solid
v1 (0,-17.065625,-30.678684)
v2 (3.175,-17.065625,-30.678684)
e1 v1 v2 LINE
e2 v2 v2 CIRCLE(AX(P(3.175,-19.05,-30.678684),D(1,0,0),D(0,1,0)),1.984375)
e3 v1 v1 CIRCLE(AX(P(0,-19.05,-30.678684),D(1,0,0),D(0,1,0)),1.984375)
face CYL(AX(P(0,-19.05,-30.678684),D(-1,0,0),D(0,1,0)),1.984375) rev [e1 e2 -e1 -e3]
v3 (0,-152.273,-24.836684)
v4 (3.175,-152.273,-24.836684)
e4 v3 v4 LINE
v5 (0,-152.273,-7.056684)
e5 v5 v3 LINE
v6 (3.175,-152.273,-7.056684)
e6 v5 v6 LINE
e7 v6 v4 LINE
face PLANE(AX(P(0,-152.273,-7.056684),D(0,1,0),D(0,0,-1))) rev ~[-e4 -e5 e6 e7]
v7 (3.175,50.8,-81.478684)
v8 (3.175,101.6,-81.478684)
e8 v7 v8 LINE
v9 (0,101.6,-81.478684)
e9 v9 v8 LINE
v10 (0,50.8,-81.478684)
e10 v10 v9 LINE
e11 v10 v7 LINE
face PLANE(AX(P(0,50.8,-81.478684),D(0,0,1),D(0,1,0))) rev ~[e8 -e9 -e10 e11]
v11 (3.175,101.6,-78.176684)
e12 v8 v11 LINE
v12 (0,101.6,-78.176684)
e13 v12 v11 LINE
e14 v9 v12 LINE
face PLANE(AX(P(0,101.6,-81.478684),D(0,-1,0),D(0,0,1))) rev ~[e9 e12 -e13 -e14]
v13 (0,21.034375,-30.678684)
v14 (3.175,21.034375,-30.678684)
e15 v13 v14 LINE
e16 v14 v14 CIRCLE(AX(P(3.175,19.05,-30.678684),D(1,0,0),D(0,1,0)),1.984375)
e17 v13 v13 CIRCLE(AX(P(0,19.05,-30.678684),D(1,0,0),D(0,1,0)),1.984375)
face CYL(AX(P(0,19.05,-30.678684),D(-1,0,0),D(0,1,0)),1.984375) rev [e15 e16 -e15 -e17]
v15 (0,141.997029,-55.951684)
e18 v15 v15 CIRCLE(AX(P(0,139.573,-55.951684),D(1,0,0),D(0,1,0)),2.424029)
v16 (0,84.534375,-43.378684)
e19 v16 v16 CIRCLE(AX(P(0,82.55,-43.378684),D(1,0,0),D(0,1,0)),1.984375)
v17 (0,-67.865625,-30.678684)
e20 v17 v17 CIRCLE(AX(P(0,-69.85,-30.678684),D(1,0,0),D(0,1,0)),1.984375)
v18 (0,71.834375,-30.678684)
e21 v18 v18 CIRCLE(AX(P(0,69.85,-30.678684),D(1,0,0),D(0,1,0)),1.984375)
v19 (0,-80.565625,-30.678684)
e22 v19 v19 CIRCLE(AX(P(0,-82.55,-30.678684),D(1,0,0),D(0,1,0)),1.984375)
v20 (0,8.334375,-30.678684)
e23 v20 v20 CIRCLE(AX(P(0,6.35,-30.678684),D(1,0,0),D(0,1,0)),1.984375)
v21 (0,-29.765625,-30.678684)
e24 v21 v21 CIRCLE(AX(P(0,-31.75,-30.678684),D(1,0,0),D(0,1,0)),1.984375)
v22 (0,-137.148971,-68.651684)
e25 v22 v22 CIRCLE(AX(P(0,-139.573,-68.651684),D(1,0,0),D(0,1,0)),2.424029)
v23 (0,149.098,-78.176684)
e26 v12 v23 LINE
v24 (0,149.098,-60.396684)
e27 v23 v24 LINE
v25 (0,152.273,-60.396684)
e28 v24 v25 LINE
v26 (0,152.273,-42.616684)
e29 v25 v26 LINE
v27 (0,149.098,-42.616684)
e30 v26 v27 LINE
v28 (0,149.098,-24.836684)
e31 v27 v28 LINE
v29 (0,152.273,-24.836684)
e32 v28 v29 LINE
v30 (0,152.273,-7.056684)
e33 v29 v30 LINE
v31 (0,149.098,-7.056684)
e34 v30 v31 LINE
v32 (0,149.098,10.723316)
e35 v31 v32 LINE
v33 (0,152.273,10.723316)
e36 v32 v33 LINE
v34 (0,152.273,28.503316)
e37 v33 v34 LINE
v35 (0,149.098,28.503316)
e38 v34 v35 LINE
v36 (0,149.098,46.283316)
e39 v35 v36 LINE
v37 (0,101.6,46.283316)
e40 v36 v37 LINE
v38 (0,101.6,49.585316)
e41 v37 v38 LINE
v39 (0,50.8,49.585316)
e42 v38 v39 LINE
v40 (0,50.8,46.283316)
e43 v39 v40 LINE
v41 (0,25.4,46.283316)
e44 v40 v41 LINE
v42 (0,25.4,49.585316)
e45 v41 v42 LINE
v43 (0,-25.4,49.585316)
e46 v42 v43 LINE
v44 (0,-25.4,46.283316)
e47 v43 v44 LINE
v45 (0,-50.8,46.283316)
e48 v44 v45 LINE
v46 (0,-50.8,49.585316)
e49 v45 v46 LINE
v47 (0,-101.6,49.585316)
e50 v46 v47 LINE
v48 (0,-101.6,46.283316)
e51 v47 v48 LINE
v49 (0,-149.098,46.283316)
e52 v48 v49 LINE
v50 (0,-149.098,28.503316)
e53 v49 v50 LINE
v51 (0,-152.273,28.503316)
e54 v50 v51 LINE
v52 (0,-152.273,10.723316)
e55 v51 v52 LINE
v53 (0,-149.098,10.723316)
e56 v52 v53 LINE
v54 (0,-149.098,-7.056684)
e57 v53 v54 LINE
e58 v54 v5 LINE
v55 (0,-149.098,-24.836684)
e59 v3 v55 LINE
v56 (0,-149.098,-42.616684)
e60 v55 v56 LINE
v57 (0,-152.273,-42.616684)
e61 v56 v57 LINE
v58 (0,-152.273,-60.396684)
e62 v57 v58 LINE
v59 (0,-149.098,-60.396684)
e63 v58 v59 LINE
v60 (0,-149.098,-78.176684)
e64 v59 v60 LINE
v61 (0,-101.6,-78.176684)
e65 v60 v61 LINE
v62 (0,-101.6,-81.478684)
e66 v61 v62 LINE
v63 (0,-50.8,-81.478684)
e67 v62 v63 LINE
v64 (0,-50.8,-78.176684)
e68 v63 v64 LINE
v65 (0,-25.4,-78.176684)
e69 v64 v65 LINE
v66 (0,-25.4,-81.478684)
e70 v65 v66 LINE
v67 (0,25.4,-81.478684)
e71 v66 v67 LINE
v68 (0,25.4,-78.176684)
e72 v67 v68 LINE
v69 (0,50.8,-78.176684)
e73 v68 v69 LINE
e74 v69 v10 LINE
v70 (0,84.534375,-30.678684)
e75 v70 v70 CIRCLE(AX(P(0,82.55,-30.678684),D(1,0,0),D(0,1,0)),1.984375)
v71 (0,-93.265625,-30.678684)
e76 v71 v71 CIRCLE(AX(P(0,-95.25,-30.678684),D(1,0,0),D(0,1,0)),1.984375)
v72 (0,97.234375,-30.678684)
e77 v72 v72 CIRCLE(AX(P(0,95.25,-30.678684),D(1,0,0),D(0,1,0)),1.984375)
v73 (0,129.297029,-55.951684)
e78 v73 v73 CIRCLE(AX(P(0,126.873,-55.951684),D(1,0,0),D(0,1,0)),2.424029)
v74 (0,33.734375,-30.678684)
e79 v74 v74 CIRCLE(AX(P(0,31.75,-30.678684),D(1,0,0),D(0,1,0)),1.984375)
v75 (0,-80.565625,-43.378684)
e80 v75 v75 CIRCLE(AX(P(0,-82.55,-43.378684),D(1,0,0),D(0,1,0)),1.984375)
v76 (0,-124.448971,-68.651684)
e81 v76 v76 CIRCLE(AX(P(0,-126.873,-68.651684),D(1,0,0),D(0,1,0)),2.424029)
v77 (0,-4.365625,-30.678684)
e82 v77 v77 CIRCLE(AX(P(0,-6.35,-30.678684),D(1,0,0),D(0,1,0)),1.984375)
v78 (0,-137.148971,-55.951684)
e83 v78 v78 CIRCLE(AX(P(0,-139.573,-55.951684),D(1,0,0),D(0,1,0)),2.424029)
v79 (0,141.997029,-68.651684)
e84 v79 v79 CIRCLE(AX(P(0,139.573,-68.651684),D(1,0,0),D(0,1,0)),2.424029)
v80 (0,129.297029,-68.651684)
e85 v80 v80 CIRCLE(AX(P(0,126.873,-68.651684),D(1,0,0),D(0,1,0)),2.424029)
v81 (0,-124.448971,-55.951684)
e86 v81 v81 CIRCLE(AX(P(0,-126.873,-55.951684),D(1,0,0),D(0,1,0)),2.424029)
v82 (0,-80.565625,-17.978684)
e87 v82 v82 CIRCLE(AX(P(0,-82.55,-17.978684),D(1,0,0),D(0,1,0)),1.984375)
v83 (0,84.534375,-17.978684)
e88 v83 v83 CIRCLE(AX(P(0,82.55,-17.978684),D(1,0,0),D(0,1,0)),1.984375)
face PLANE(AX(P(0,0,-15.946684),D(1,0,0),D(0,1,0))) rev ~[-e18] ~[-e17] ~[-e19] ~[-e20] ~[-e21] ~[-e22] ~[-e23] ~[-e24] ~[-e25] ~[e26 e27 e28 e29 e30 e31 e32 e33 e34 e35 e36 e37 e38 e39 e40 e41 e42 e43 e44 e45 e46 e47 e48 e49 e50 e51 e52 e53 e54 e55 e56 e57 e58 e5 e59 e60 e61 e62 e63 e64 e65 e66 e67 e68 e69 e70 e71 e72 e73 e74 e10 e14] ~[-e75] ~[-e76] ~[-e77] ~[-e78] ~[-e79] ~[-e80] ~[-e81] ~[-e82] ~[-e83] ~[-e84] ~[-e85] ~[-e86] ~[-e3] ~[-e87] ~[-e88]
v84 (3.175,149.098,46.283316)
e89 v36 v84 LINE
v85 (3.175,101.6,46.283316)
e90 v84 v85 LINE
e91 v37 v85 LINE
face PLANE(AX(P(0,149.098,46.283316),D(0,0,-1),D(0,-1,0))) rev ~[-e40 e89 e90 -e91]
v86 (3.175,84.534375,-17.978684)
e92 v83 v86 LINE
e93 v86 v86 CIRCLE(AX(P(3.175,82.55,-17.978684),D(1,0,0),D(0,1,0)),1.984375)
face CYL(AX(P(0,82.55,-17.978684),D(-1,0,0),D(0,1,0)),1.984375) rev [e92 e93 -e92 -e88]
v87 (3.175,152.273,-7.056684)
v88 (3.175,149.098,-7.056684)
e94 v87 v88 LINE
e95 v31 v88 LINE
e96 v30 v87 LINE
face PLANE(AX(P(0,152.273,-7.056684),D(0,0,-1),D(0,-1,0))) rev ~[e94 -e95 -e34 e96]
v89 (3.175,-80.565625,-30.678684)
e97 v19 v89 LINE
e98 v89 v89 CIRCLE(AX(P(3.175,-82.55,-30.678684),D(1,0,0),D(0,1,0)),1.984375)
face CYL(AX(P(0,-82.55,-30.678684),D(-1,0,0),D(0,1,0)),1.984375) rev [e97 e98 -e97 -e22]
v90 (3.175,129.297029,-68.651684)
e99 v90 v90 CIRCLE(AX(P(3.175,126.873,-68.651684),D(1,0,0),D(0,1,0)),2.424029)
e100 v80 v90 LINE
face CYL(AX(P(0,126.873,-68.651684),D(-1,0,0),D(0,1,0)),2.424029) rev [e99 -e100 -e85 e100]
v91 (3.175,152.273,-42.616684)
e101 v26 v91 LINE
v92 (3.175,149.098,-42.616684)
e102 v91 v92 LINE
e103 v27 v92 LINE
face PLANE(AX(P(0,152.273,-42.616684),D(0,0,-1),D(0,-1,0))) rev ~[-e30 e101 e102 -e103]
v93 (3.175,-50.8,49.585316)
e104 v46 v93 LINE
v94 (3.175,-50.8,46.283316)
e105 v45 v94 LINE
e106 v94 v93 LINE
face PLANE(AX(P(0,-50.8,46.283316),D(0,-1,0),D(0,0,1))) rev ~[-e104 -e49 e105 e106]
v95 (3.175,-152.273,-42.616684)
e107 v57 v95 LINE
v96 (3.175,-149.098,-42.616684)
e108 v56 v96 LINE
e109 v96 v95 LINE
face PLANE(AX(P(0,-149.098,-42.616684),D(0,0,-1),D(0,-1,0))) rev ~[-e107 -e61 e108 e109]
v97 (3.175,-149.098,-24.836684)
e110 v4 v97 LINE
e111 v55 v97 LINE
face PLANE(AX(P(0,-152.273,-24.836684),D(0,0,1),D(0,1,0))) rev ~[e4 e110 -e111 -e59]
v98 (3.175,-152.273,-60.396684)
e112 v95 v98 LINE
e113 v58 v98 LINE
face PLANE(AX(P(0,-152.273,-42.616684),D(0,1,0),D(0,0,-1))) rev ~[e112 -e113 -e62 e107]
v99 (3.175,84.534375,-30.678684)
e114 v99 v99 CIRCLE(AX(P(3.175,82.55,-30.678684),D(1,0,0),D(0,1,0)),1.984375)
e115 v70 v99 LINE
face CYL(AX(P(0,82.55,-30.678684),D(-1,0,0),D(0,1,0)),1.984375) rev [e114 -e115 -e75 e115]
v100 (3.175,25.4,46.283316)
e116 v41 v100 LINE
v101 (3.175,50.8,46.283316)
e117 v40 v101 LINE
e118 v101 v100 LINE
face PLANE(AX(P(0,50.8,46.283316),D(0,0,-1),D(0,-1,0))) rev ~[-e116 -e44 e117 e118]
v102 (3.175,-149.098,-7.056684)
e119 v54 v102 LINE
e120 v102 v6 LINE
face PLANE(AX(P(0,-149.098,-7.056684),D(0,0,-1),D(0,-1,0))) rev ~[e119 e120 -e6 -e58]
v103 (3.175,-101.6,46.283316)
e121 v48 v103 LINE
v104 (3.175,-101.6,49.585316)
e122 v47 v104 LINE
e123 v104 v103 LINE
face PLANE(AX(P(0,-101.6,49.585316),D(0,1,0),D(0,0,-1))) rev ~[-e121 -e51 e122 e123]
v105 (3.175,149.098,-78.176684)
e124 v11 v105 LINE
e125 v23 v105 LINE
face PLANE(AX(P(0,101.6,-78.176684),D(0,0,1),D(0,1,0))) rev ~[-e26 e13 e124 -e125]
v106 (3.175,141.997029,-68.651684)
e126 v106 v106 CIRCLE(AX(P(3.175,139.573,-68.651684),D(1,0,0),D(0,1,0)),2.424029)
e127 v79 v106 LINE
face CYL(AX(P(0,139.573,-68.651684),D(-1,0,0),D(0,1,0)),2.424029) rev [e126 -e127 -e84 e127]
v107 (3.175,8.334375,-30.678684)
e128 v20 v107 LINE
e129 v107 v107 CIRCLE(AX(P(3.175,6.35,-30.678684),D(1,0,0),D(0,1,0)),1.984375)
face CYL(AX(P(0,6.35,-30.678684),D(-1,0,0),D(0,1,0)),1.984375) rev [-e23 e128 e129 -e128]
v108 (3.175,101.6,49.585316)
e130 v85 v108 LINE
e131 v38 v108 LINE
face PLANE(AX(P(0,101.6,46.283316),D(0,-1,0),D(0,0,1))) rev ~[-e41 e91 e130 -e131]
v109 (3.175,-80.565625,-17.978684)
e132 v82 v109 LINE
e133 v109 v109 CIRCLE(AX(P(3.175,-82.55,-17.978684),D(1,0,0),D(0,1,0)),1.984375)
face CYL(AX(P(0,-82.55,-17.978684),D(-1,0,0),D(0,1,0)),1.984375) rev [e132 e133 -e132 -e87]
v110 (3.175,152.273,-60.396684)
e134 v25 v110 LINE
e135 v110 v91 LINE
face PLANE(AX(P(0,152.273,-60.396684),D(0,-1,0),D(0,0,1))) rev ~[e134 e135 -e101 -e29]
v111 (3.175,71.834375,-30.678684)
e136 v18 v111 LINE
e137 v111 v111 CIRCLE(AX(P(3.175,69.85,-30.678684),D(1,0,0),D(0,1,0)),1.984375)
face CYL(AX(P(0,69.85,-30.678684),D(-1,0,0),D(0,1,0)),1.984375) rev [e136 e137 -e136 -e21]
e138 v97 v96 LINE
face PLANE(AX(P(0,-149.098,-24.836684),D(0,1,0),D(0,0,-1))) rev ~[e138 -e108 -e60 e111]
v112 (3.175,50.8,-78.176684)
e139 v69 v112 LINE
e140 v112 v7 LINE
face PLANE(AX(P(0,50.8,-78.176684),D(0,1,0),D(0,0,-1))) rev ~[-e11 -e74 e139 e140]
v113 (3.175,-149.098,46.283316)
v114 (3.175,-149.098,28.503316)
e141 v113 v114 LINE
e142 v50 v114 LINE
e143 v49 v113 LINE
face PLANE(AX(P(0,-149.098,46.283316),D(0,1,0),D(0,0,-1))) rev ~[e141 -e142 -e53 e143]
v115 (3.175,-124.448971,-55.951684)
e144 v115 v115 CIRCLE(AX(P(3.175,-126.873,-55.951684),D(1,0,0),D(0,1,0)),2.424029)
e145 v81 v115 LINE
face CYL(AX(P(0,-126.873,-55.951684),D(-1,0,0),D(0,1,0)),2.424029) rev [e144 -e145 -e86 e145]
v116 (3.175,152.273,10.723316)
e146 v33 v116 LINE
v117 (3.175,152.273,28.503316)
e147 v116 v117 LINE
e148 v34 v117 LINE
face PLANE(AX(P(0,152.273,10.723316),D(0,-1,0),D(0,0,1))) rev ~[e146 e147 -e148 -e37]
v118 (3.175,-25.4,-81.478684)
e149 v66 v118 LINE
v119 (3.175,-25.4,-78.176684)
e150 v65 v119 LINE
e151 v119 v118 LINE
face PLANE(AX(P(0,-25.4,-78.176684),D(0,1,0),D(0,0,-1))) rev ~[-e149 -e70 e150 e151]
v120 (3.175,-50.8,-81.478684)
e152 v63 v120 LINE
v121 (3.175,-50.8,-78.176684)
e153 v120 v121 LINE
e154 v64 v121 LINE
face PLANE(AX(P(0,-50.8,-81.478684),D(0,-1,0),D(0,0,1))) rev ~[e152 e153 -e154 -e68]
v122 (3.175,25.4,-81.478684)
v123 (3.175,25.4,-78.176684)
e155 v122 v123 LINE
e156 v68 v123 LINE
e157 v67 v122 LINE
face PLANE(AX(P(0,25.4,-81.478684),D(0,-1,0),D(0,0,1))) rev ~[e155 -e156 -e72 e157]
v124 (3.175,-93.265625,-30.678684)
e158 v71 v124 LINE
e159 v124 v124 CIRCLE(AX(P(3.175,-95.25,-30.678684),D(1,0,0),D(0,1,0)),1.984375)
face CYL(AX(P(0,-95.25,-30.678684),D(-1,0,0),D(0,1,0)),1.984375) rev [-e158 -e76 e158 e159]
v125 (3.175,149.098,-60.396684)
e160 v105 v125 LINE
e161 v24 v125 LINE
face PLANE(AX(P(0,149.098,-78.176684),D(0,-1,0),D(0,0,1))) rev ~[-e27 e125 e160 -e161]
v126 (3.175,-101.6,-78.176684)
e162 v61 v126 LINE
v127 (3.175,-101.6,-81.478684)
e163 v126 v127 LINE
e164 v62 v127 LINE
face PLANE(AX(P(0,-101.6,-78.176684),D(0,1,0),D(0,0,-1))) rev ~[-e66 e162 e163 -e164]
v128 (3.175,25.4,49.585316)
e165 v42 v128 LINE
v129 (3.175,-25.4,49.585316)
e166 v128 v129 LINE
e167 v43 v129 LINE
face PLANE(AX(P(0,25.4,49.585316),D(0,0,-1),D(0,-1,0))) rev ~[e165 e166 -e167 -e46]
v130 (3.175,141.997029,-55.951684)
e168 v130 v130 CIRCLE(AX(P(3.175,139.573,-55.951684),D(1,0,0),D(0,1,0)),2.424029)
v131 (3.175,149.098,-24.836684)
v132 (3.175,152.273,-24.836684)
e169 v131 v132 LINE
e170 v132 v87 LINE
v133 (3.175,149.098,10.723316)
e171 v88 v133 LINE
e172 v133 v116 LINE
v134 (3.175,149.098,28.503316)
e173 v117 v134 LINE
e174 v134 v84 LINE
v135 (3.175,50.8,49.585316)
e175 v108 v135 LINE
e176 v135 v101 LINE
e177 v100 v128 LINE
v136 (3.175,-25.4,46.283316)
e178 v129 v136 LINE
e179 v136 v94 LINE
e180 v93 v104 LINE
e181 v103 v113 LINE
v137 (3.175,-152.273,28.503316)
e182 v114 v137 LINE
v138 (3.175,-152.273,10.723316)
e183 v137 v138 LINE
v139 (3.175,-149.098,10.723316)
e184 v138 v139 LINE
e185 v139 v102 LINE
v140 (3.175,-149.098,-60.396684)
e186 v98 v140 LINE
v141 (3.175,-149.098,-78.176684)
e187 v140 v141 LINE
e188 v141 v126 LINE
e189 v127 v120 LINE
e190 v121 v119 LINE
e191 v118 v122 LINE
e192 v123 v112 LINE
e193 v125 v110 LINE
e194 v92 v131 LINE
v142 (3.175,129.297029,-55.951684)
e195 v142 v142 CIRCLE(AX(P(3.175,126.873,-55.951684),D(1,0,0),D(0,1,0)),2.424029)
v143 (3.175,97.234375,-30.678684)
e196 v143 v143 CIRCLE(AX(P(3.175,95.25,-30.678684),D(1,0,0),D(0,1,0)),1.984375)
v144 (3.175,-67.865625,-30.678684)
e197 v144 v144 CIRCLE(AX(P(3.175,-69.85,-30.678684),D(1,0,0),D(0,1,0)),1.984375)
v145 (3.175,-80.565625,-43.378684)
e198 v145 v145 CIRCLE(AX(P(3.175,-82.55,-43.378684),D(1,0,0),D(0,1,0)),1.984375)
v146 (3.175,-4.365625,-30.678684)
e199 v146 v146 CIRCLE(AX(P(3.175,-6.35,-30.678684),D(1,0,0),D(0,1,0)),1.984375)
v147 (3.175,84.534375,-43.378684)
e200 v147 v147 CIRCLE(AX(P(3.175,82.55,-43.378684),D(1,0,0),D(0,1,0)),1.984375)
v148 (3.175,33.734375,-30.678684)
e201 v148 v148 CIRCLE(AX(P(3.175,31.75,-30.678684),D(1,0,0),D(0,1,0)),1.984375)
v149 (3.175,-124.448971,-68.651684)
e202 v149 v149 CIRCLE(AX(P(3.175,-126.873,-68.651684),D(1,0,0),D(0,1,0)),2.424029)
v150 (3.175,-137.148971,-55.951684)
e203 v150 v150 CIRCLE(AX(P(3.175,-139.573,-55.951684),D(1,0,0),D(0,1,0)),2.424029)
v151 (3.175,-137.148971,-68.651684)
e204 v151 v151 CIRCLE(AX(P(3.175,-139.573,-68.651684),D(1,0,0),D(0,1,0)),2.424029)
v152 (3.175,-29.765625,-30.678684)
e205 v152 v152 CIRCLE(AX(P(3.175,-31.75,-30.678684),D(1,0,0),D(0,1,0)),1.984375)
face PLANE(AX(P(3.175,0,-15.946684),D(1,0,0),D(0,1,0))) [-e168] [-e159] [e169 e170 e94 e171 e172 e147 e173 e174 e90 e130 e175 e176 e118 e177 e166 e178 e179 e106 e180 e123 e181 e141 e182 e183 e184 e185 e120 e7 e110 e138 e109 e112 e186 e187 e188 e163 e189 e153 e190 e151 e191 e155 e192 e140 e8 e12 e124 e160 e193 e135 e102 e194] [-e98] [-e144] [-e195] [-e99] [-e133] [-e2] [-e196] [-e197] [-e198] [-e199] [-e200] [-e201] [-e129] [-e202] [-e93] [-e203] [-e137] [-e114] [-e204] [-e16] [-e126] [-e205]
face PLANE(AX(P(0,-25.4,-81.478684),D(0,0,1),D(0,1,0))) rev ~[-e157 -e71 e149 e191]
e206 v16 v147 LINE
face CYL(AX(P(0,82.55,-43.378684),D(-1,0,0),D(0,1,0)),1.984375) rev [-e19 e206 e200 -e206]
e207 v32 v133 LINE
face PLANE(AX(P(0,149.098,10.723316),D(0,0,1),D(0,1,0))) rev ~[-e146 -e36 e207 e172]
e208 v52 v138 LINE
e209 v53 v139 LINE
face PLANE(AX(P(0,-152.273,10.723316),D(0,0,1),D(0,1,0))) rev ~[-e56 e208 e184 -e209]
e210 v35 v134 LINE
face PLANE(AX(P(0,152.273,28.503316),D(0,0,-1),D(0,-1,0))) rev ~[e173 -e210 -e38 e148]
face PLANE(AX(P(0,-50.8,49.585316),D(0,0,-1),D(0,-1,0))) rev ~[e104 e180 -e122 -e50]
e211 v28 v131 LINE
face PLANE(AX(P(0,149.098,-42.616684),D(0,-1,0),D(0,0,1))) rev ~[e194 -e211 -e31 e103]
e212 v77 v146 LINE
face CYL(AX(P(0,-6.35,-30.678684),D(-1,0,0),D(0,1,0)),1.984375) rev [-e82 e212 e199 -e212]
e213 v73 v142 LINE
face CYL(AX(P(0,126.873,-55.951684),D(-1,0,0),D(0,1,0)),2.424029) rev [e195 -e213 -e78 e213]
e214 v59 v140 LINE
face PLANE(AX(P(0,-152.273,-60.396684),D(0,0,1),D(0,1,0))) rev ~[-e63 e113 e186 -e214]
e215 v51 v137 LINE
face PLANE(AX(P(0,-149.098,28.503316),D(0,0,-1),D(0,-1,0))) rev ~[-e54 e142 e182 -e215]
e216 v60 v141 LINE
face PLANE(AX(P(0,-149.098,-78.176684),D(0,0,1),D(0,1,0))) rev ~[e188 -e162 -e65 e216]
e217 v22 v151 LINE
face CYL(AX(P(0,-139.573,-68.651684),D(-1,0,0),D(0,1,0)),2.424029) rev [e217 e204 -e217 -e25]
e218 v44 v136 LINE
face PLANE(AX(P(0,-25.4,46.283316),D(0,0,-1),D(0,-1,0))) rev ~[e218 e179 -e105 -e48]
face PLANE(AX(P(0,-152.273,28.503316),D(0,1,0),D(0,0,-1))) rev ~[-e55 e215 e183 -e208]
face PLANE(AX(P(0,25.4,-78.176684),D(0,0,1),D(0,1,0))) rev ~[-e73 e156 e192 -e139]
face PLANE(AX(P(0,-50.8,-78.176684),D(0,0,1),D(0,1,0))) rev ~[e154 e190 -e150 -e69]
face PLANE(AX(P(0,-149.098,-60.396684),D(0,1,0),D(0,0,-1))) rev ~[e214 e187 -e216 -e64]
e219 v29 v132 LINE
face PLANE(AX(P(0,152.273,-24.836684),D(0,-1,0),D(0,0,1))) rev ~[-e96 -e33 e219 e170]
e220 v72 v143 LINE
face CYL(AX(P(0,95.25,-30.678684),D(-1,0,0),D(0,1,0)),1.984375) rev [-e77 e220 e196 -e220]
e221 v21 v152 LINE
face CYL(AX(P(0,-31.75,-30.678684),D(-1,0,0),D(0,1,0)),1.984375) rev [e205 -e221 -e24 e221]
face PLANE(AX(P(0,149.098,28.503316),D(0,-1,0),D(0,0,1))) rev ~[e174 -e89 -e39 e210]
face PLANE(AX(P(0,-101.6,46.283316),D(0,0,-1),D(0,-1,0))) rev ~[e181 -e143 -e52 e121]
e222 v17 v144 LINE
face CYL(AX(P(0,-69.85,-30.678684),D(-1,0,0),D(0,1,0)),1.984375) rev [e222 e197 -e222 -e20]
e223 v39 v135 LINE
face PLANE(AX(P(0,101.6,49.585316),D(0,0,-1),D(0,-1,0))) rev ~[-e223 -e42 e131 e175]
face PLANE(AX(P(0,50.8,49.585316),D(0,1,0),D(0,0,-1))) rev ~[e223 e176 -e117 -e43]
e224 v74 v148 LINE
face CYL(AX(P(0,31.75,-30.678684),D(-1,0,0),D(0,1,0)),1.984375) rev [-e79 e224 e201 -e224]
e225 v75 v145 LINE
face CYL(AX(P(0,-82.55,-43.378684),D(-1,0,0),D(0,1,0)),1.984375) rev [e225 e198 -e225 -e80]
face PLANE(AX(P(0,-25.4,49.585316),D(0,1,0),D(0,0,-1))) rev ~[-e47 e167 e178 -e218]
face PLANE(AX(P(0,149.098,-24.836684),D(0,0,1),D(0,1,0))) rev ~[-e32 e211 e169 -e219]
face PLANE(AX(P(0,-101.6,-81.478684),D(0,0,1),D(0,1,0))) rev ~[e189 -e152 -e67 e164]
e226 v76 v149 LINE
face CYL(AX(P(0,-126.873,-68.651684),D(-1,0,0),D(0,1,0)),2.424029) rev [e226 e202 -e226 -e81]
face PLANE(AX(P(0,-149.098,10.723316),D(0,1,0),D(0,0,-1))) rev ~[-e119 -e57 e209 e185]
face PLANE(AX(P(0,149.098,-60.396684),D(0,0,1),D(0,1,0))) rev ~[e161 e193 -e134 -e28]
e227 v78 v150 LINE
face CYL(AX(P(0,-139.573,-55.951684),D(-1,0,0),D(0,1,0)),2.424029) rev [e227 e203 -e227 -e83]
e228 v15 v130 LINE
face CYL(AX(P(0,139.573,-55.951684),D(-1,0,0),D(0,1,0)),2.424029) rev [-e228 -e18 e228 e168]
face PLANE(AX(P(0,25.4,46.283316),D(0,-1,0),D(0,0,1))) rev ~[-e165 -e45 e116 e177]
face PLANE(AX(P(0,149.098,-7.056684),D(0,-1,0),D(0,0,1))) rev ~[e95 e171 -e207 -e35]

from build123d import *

# Parameters (mm, degrees)
F0_R     = 2.424029
F0_R_2   = 1.984375
F1_DEPTH = 3.175


with BuildPart() as f1:
    # F0 (on Right) → F1 (new body)
    with BuildSketch(Plane.YZ):
        Polygon((-101.6, -81.478684), (-50.8, -81.478684), (-50.8, -78.176684), (-25.4, -78.176684), (-25.4, -81.478684), (25.4, -81.478684), (25.4, -78.176684), (50.8, -78.176684), (50.8, -81.478684), (101.6, -81.478684), (101.6, -78.176684), (149.098, -78.176684), (149.098, -60.396684), (152.273, -60.396684), (152.273, -42.616684), (149.098, -42.616684), (149.098, -24.836684), (152.273, -24.836684), (152.273, -7.056684), (149.098, -7.056684), (149.098, 10.723316), (152.273, 10.723316), (152.273, 28.503316), (149.098, 28.503316), (149.098, 46.283316), (101.6, 46.283316), (101.6, 49.585316), (50.8, 49.585316), (50.8, 46.283316), (25.4, 46.283316), (25.4, 49.585316), (-25.4, 49.585316), (-25.4, 46.283316), (-50.8, 46.283316), (-50.8, 49.585316), (-101.6, 49.585316), (-101.6, 46.283316), (-149.098, 46.283316), (-149.098, 28.503316), (-152.273, 28.503316), (-152.273, 10.723316), (-149.098, 10.723316), (-149.098, -7.056684), (-152.273, -7.056684), (-152.273, -24.836684), (-149.098, -24.836684), (-149.098, -42.616684), (-152.273, -42.616684), (-152.273, -60.396684), (-149.098, -60.396684), (-149.098, -78.176684), (-101.6, -78.176684), align=None)
        with Locations((-139.573, -68.651684)):
            Circle(F0_R, mode=Mode.SUBTRACT)
        with Locations((-126.873, -68.651684)):
            Circle(F0_R, mode=Mode.SUBTRACT)
        with Locations((-139.573, -55.951684)):
            Circle(F0_R, mode=Mode.SUBTRACT)
        with Locations((-126.873, -55.951684)):
            Circle(F0_R, mode=Mode.SUBTRACT)
        with Locations((-82.55, -43.378684)):
            Circle(F0_R_2, mode=Mode.SUBTRACT)
        with Locations((-95.25, -30.678684)):
            Circle(F0_R_2, mode=Mode.SUBTRACT)
        with Locations((-82.55, -30.678684)):
            Circle(F0_R_2, mode=Mode.SUBTRACT)
        with Locations((-82.55, -17.978684)):
            Circle(F0_R_2, mode=Mode.SUBTRACT)
        with Locations((-69.85, -30.678684)):
            Circle(F0_R_2, mode=Mode.SUBTRACT)
        with Locations((-31.75, -30.678684)):
            Circle(F0_R_2, mode=Mode.SUBTRACT)
        with Locations((-19.05, -30.678684)):
            Circle(F0_R_2, mode=Mode.SUBTRACT)
        with Locations((-6.35, -30.678684)):
            Circle(F0_R_2, mode=Mode.SUBTRACT)
        with Locations((126.873, -68.651684)):
            Circle(F0_R, mode=Mode.SUBTRACT)
        with Locations((139.573, -68.651684)):
            Circle(F0_R, mode=Mode.SUBTRACT)
        with Locations((126.873, -55.951684)):
            Circle(F0_R, mode=Mode.SUBTRACT)
        with Locations((139.573, -55.951684)):
            Circle(F0_R, mode=Mode.SUBTRACT)
        with Locations((6.35, -30.678684)):
            Circle(F0_R_2, mode=Mode.SUBTRACT)
        with Locations((19.05, -30.678684)):
            Circle(F0_R_2, mode=Mode.SUBTRACT)
        with Locations((31.75, -30.678684)):
            Circle(F0_R_2, mode=Mode.SUBTRACT)
        with Locations((69.85, -30.678684)):
            Circle(F0_R_2, mode=Mode.SUBTRACT)
        with Locations((82.55, -43.378684)):
            Circle(F0_R_2, mode=Mode.SUBTRACT)
        with Locations((82.55, -30.678684)):
            Circle(F0_R_2, mode=Mode.SUBTRACT)
        with Locations((95.25, -30.678684)):
            Circle(F0_R_2, mode=Mode.SUBTRACT)
        with Locations((82.55, -17.978684)):
            Circle(F0_R_2, mode=Mode.SUBTRACT)
    extrude(amount=F1_DEPTH)


solid = f1.part
